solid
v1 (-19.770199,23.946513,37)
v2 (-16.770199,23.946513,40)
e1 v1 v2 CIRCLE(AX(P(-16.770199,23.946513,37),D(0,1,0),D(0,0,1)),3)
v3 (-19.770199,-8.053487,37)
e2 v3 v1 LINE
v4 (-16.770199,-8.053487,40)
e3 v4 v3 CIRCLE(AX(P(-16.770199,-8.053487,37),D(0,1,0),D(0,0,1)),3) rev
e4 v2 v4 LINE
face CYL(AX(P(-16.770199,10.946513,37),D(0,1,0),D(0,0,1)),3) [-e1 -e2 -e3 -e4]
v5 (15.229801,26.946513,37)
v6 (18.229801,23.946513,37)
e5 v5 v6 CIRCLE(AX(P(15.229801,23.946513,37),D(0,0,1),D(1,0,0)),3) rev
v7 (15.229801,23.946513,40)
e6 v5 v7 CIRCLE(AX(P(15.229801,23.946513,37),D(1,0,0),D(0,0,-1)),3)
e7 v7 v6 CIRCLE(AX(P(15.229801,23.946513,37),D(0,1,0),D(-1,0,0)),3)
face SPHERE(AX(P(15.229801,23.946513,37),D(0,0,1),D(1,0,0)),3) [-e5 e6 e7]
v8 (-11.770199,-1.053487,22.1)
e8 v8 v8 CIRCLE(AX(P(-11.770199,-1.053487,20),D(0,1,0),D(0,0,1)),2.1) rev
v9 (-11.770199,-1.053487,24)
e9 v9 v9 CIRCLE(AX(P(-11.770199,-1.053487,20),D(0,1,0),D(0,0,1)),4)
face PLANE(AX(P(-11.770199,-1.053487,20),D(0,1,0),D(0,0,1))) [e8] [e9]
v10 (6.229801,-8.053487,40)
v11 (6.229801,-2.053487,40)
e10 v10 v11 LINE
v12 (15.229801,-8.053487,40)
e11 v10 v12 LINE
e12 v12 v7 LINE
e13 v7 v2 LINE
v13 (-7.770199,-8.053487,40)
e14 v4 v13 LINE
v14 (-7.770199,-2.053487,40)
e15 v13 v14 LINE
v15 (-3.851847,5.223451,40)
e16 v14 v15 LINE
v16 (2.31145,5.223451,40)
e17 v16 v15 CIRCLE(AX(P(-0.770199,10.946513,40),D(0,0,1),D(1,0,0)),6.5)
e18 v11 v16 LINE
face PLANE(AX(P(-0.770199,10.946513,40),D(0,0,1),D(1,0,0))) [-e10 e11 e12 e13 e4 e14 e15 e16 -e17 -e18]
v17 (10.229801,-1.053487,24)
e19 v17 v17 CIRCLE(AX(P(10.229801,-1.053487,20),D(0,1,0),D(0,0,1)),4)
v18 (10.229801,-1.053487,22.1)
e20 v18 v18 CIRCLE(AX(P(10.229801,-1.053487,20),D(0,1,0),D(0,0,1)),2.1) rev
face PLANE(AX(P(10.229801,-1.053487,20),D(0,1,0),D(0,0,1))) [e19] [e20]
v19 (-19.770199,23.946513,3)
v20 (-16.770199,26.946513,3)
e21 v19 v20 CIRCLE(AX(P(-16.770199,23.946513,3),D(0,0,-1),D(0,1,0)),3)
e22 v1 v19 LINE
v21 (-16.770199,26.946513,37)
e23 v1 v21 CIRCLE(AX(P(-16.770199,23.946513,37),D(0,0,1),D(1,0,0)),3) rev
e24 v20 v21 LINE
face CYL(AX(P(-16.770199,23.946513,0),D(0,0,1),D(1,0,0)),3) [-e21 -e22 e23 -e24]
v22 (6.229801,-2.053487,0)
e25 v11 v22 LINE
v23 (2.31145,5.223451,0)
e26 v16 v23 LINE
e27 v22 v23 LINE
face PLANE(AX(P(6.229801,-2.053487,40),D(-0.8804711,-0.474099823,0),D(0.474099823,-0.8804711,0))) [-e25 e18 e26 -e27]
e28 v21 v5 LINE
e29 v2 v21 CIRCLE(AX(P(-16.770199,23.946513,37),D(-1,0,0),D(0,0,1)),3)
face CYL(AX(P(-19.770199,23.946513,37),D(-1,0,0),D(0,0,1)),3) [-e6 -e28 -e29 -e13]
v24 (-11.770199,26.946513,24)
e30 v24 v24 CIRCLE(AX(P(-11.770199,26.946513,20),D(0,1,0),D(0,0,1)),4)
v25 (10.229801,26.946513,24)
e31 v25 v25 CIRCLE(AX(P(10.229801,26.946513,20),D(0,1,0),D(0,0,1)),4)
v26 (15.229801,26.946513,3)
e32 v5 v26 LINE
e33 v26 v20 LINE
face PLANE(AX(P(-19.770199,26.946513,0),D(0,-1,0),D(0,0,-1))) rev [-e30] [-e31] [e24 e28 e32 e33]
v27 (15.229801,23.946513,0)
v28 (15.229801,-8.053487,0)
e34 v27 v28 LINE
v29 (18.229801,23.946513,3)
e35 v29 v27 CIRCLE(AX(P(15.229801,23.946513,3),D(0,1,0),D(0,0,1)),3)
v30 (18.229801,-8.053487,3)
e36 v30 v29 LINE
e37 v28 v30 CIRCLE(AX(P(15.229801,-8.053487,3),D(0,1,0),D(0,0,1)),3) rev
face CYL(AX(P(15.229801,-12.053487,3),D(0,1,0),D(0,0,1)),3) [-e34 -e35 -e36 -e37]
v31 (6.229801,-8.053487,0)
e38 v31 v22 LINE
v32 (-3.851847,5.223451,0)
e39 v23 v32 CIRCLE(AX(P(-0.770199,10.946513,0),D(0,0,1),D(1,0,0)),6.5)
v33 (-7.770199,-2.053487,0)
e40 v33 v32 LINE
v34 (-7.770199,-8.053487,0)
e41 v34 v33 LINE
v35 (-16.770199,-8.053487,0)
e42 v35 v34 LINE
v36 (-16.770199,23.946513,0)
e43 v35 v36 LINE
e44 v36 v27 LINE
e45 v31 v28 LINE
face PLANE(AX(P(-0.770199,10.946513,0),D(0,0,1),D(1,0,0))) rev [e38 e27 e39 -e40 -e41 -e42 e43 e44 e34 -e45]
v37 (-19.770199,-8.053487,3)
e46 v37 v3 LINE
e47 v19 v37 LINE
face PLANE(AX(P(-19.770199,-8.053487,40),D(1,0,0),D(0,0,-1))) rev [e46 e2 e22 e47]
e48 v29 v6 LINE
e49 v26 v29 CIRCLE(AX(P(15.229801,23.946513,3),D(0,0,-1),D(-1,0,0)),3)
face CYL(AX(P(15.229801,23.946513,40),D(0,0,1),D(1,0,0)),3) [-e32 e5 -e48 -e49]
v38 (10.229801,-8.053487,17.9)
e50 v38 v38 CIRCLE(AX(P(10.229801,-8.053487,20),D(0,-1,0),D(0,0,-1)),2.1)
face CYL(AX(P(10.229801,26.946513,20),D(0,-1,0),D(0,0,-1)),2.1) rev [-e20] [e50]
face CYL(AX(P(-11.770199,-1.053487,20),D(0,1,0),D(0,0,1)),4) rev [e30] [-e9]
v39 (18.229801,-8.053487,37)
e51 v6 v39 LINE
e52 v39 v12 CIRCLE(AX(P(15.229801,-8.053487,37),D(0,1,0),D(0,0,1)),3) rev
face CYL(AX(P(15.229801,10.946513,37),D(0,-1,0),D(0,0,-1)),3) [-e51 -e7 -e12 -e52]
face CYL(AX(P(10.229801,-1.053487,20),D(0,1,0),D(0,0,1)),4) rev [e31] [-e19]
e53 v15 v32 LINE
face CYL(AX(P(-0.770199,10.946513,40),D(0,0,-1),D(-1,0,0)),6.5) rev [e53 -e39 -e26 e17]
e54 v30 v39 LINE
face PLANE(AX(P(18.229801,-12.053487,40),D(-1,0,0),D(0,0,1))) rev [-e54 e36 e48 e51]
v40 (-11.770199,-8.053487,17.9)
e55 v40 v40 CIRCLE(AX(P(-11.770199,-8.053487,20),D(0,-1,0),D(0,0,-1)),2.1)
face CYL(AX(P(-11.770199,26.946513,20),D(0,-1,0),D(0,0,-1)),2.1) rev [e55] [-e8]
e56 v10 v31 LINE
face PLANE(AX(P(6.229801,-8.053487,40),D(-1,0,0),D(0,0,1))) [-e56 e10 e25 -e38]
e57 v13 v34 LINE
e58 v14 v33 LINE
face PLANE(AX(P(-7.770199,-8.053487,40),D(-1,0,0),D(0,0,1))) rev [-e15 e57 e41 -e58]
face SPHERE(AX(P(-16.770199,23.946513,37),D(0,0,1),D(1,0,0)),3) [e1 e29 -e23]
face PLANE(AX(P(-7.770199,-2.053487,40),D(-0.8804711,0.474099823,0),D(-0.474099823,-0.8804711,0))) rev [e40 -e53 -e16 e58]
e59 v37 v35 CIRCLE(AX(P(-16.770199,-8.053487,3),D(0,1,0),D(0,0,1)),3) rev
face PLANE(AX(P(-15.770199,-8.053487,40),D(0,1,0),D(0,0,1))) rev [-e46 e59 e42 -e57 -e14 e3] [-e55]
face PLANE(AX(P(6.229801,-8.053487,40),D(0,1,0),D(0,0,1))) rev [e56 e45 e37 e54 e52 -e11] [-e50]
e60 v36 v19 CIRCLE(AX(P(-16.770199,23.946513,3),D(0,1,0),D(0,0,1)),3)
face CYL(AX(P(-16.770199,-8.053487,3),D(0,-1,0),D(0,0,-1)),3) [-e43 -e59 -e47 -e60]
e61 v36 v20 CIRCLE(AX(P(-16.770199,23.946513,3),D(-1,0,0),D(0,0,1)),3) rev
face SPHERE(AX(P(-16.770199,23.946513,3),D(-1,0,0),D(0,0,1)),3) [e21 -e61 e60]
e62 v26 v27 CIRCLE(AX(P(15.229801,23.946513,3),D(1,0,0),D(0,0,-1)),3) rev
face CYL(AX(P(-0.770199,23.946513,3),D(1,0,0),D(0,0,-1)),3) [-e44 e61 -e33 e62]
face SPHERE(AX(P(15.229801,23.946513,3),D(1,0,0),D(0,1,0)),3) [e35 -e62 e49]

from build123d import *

# Parameters (mm, degrees)
BOSS_EXTRUDE1_DEPTH = 40
SHELL1_T            = 4
SKETCH2_W           = 38
SKETCH2_H           = 8
CUT_EXTRUDE1_DEPTH  = 50.505693367
BOSS_EXTRUDE2_DEPTH = 40
SKETCH4_R           = 2.1
CUT_EXTRUDE2_DEPTH  = 57.708559772
SKETCH5_R           = 4
CUT_EXTRUDE4_DEPTH  = 28
LPATTERN1_COUNT     = 2
LPATTERN1_PITCH     = 22
FILLET1_R           = 3


with BuildPart() as part:
    # Sketch1 → Boss-Extrude1 (new body)
    with BuildSketch(Plane.XY):
        with BuildLine():
            Line((-15.770198569, -12.053486897), (14.229801431, -12.053486897))
            Line((14.229801431, -12.053486897), (14.229801431, -8.053486897))
            Line((14.229801431, -8.053486897), (6.229801431, -8.053486897))
            Line((6.229801431, -8.053486897), (6.229801431, -2.053486897))
            Line((6.229801431, -2.053486897), (2.31145028, 5.223450953))
            ThreePointArc((2.31145028, 5.223450953), (-0.770198569, 17.446513103), (-3.851847419, 5.223450953))
            Line((-3.851847419, 5.223450953), (-7.770198569, -2.053486897))
            Line((-7.770198569, -2.053486897), (-7.770198569, -8.053486897))
            Line((-7.770198569, -8.053486897), (-15.770198569, -8.053486897))
            Line((-15.770198569, -8.053486897), (-15.770198569, -12.053486897))
        make_face()
    extrude(amount=BOSS_EXTRUDE1_DEPTH)

    # Shell1
    shell1_openings = [part.faces().sort_by_distance(p)[0] for p in [
        (-0.770198569, -0.27560318, 0),
        (-0.770198569, -0.27560318, 40),
    ]]
    offset(amount=SHELL1_T, openings=shell1_openings, kind=Kind.INTERSECTION)

    # Sketch2 → Cut-Extrude1 (cut, through all)
    with BuildSketch(Plane.XY.offset(40)):
        with Locations((-0.770198569, -12.053486897)):
            Rectangle(SKETCH2_W, SKETCH2_H)
    extrude(amount=-CUT_EXTRUDE1_DEPTH, mode=Mode.SUBTRACT)

    # Sketch3 → Boss-Extrude2 (add, through all)
    with BuildSketch(Plane.XY.offset(40)):
        Polygon((-19.770198569, 26.946513103), (18.229801431, 26.946513103), (18.229801431, -8.053486897), (6.229801431, -8.053486897), (6.229801431, 17.511933237), (-7.770198569, 17.511933237), (-7.770198569, -8.053486897), (-19.770198569, -8.053486897), align=None)
    extrude(amount=-BOSS_EXTRUDE2_DEPTH)

    # Sketch4 → Cut-Extrude2 (cut, through all)
    with BuildSketch(Plane.XZ.offset(8.053486897)):
        with Locations(Location((-11.770198569, 20, 0), (0, 0, 270))):
            Circle(SKETCH4_R)
    cut_extrude2 = extrude(amount=-CUT_EXTRUDE2_DEPTH, mode=Mode.SUBTRACT)

    # Sketch5 → Cut-Extrude4 (cut)
    with BuildSketch(Plane(origin=(0, 26.946513103, 0), x_dir=(1, 0, 0), z_dir=(0, 1, 0))):
        with Locations(Location((-11.770198569, -20, 0), (0, 0, 270))):
            Circle(SKETCH5_R)
    cut_extrude4 = extrude(amount=-CUT_EXTRUDE4_DEPTH, mode=Mode.SUBTRACT)

    # LPattern1: Cut-Extrude2, Cut-Extrude4 ×2
    with Locations(*[(i * LPATTERN1_PITCH, 0, 0) for i in range(1, LPATTERN1_COUNT)]):
        add(cut_extrude2, mode=Mode.SUBTRACT)
        add(cut_extrude4, mode=Mode.SUBTRACT)

    # Fillet1
    fillet1_edges = [part.edges().sort_by_distance(p)[0] for p in [
        (-0.770198569, 26.946513103, 40),
        (-19.770198569, 26.946513103, 20),
        (18.229801431, 26.946513103, 20),
        (-0.770198569, 26.946513103, 0),
        (-19.770198569, 9.446513103, 0),
        (-19.770198569, 9.446513103, 40),
        (18.229801431, 9.446513103, 0),
        (18.229801431, 9.446513103, 40),
    ]]
    fillet(fillet1_edges, radius=FILLET1_R)


solid = part.part
